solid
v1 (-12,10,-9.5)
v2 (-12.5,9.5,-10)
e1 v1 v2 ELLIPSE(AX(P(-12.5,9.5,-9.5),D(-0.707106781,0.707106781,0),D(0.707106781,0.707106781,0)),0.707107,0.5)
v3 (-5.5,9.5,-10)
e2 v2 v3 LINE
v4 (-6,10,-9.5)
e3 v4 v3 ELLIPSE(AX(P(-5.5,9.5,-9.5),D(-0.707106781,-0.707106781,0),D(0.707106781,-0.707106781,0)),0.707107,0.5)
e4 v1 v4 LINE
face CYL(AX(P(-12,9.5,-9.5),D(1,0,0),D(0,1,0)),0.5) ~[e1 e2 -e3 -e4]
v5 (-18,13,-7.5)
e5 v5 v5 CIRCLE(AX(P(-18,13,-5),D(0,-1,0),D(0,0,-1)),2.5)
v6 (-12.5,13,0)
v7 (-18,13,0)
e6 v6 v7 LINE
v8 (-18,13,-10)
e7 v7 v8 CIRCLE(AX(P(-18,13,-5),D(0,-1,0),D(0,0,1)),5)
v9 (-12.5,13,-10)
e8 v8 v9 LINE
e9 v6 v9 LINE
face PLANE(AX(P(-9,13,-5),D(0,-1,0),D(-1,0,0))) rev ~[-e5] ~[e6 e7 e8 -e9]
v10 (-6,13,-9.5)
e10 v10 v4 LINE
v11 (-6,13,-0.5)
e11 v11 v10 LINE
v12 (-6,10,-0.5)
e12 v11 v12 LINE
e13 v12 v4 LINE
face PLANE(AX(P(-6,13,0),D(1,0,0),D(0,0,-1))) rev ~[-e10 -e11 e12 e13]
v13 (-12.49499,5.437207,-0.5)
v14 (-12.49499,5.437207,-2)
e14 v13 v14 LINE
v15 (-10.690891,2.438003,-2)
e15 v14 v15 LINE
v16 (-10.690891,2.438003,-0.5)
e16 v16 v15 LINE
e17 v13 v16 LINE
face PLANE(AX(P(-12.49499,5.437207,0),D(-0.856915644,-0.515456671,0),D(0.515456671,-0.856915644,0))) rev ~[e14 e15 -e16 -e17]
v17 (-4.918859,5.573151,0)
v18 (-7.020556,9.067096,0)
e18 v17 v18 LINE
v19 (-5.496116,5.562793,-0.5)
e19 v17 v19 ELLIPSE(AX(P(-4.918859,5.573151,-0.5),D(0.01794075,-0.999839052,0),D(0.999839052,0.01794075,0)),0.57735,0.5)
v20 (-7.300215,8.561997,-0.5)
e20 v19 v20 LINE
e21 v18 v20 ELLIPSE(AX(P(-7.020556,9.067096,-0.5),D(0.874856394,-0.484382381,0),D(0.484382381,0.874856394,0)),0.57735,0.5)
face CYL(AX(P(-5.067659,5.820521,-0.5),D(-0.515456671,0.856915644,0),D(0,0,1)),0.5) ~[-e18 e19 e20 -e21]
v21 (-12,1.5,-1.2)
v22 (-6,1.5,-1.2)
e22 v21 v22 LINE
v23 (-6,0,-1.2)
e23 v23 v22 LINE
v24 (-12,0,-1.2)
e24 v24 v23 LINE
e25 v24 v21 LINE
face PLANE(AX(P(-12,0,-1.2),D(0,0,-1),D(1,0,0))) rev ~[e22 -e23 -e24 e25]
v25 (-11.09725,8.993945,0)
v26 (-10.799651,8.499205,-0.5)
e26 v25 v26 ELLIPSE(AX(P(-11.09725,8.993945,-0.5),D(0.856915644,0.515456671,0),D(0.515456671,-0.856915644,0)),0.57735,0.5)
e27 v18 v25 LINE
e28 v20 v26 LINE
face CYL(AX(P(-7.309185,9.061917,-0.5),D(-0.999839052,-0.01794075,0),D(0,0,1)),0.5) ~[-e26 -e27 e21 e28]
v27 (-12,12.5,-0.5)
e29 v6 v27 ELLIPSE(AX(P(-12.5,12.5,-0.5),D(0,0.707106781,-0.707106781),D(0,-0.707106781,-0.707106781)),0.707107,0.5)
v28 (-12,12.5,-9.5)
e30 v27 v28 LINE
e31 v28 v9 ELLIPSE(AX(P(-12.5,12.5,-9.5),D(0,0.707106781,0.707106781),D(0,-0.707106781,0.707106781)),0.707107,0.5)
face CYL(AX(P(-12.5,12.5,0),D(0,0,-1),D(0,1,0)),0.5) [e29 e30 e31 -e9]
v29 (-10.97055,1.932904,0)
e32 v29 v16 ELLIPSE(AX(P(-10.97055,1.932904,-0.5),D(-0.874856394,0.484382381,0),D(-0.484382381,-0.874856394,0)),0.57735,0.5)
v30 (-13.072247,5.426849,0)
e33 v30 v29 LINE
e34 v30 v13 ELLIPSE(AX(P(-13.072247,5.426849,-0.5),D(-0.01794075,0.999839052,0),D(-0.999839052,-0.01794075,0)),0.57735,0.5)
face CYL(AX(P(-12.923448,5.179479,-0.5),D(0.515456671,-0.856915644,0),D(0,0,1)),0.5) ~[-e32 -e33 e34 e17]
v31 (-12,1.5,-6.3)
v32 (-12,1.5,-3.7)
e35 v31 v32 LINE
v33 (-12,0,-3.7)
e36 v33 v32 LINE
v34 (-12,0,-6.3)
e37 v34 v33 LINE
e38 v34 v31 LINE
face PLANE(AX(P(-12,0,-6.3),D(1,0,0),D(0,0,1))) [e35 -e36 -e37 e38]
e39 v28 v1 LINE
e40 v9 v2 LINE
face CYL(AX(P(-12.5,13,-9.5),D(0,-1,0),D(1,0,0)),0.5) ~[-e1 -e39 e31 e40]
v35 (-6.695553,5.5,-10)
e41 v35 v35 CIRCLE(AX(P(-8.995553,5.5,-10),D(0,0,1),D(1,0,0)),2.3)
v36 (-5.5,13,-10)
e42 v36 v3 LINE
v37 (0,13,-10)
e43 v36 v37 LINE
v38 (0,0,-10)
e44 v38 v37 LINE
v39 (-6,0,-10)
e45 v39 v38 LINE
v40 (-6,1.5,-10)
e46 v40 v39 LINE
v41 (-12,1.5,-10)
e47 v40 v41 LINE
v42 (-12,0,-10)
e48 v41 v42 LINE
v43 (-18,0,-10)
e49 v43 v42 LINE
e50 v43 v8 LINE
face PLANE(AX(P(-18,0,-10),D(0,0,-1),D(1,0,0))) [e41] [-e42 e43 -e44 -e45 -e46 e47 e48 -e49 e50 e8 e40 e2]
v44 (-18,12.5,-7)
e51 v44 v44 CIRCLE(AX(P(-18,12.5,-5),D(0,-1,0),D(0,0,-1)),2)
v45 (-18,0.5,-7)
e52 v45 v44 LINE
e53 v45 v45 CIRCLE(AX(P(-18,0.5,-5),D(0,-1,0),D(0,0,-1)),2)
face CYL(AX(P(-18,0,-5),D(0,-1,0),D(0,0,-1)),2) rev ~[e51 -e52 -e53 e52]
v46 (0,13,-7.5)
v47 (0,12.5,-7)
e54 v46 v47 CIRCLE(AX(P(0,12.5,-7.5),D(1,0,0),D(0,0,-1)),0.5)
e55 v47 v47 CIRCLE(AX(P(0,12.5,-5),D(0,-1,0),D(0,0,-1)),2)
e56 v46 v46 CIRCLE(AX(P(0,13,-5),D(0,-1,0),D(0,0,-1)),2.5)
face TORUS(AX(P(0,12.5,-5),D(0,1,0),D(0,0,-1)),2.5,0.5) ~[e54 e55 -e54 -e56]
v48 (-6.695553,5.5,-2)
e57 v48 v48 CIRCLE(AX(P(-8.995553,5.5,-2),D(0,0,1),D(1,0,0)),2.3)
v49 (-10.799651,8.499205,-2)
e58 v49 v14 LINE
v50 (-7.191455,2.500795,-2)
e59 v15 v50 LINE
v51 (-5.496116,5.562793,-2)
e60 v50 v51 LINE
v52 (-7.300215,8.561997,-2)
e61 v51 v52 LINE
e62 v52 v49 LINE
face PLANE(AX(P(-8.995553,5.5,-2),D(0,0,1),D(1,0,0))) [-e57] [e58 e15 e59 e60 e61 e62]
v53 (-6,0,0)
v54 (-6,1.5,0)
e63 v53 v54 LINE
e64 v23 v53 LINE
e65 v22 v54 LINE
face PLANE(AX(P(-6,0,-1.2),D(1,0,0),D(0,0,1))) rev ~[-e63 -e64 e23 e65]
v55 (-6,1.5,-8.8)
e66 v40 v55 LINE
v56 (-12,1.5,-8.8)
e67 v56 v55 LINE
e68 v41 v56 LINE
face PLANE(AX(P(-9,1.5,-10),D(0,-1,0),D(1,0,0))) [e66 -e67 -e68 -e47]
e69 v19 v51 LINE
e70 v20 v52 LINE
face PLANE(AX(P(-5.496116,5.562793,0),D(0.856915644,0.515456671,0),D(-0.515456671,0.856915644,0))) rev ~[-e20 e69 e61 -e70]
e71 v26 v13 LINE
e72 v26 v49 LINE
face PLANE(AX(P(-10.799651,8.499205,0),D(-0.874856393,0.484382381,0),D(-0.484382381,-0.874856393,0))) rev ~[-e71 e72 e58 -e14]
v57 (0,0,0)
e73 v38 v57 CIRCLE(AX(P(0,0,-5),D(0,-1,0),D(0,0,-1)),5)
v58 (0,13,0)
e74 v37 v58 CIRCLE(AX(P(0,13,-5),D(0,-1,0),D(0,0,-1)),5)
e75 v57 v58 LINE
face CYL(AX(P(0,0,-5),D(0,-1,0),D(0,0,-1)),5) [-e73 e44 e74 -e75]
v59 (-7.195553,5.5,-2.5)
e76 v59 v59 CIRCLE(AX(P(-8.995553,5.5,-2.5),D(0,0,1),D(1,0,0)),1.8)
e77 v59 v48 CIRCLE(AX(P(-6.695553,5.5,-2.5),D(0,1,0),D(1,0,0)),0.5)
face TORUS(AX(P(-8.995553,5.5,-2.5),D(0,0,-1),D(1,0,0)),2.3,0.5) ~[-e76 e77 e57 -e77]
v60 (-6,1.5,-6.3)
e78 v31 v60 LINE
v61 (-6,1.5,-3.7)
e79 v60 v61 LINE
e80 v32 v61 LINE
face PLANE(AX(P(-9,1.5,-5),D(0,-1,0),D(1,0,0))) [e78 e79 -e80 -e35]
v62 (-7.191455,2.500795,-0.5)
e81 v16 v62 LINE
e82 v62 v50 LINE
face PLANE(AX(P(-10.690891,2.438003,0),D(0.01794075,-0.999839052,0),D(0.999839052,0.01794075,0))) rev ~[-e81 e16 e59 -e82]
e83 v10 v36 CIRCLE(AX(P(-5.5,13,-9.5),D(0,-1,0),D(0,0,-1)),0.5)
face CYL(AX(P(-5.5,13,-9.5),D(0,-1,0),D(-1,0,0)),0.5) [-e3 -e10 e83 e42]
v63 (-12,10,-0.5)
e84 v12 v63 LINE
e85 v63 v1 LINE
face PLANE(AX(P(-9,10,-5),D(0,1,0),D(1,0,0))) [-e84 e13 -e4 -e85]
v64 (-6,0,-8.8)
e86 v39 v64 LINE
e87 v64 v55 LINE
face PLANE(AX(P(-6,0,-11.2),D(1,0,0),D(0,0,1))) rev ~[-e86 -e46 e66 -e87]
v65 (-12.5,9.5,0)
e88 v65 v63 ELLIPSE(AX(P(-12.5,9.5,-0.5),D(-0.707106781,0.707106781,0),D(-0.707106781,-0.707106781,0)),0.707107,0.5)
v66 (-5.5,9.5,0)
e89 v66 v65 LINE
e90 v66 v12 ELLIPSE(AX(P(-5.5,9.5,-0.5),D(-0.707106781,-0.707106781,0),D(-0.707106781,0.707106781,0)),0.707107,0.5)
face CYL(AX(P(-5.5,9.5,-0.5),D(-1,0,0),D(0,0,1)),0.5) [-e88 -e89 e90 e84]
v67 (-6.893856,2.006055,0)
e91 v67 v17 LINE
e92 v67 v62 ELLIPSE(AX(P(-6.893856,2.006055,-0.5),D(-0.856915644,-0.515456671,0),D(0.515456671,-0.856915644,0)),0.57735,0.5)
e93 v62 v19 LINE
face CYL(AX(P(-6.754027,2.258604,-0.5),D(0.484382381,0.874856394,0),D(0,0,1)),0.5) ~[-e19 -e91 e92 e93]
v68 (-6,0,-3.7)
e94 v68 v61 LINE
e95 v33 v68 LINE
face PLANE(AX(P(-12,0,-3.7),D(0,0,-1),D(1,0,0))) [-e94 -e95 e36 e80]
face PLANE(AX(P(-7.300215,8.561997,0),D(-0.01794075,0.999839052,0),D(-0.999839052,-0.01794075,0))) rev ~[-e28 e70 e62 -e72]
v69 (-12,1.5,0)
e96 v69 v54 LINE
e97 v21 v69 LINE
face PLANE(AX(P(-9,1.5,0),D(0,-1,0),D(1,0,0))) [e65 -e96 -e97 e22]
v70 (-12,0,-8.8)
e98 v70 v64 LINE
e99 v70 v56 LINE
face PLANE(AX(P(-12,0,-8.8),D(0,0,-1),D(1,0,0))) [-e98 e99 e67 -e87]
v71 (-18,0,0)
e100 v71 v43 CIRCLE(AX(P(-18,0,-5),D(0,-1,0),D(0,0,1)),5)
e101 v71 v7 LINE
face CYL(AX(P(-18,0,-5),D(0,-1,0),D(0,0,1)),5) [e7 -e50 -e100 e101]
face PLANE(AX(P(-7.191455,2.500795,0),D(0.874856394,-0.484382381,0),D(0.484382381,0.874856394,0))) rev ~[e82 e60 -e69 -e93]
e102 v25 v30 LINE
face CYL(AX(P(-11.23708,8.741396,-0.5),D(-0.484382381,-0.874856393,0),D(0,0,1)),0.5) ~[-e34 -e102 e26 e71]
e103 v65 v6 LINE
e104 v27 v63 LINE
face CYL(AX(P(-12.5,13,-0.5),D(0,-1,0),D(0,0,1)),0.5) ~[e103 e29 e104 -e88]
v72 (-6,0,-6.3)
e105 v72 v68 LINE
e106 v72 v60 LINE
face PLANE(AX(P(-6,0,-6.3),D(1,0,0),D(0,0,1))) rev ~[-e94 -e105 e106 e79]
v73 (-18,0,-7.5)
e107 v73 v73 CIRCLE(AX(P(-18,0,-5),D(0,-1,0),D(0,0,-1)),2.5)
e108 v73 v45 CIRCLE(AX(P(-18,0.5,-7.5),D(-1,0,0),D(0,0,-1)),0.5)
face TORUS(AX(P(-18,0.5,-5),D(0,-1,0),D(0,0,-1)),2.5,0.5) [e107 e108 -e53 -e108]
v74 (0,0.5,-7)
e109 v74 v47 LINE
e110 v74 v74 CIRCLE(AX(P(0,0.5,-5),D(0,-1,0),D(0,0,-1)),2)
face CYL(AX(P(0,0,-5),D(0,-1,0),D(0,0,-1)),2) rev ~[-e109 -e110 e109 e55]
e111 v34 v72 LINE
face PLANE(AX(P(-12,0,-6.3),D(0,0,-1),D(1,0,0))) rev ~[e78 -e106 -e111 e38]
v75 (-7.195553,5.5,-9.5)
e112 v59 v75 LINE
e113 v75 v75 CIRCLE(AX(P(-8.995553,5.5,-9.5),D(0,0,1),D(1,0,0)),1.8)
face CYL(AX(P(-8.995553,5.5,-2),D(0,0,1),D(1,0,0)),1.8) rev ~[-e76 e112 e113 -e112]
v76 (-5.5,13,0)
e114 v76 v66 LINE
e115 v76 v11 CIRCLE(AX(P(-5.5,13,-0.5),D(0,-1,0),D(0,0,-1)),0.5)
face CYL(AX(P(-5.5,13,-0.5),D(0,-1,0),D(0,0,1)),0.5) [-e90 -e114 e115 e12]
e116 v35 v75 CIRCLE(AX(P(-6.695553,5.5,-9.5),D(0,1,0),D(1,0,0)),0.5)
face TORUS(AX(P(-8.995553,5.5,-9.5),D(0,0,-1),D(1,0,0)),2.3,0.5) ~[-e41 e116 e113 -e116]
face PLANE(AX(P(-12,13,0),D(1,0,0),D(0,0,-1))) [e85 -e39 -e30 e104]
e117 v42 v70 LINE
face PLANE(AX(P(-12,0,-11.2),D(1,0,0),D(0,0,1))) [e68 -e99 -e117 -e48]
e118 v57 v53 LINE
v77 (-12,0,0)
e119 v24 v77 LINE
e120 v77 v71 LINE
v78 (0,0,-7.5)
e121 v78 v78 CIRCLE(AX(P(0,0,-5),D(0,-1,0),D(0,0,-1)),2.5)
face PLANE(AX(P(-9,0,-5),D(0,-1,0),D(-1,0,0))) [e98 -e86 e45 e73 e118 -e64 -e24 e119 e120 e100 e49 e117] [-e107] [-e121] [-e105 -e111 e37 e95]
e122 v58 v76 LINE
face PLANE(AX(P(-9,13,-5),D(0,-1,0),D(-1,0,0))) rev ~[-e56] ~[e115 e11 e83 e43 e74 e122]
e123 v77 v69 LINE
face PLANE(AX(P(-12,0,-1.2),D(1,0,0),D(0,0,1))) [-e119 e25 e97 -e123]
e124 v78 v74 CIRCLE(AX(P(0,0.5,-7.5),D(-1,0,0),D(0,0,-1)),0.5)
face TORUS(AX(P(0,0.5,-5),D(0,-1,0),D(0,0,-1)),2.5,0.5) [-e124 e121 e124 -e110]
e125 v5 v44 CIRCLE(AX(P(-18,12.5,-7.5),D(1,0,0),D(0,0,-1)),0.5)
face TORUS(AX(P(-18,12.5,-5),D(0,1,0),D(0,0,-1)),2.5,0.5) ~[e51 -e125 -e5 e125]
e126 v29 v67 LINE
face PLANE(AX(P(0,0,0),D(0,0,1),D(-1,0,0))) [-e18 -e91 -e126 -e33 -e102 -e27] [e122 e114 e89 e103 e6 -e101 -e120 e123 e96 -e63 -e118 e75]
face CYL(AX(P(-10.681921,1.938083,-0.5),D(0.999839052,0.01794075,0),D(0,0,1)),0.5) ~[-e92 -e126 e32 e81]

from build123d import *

# Parameters (mm, degrees)
BOSS_EXTRUDE2_DEPTH = 13
SCREW_HOLES_R       = 2
CUT_EXTRUDE1_DEPTH  = 13
FILLET1_R           = 0.5
BELT_OPENING_W      = 6
BELT_OPENING_H      = 10
CUT_EXTRUDE2_DEPTH  = 3
CUT_EXTRUDE3_DEPTH  = 2
STRETCHER_HOLE_R    = 1.8
CUT_EXTRUDE4_DEPTH  = 8
FILLET2_R           = 0.5
FILLET3_R           = 0.5
FILLET8_R           = 0.5
FILLET9_R           = 0.5
SKETCH1_W           = 6
SKETCH1_H           = 2.4
SKETCH1_H_2         = 2.6
CUT_EXTRUDE5_DEPTH  = 1.5


with BuildPart() as part:
    # Belt Clamp → Boss-Extrude2 (new body)
    with BuildSketch(Plane(origin=(0, 0, 0), x_dir=(1, 0, 0), z_dir=(0, 1, 0))):
        with BuildLine():
            Line((-18, 10), (0, 10))
            ThreePointArc((0, 10), (5, 5), (0, 0))
            Line((0, 0), (-18, 0))
            ThreePointArc((-18, 0), (-23, 5), (-18, 10))
        make_face()
    extrude(amount=BOSS_EXTRUDE2_DEPTH)

    # Screw Holes → Cut-Extrude1 (cut)
    with BuildSketch(Plane.XZ):
        with Locations(Location((0, -5, 0), (0, 0, 270))):
            Circle(SCREW_HOLES_R)
        with Locations(Location((-18, -5, 0), (0, 0, 270))):
            Circle(SCREW_HOLES_R)
    extrude(amount=-CUT_EXTRUDE1_DEPTH, mode=Mode.SUBTRACT)

    # Fillet1
    fillet1_edges = [part.edges().sort_by_distance(p)[0] for p in [
        (0, 0, -3),
        (0, 13, -3),
        (-18, 0, -3),
        (-18, 13, -3),
    ]]
    fillet(fillet1_edges, radius=FILLET1_R)

    # Belt Opening → Cut-Extrude2 (cut)
    with BuildSketch(Plane(origin=(0, 13, 0), x_dir=(1, 0, 0), z_dir=(0, 1, 0))):
        with Locations((-9, 5)):
            Rectangle(BELT_OPENING_W, BELT_OPENING_H)
    extrude(amount=-CUT_EXTRUDE2_DEPTH, mode=Mode.SUBTRACT)

    # Hex Nut → Cut-Extrude3 (cut)
    with BuildSketch(Plane.XY):
        Polygon((-12.494989746, 5.437207375), (-10.690891397, 2.438002623), (-7.191454715, 2.500795248), (-5.496116383, 5.562792625), (-7.300214732, 8.561997377), (-10.799651413, 8.499204752), align=None)
    extrude(amount=-CUT_EXTRUDE3_DEPTH, mode=Mode.SUBTRACT)

    # Stretcher Hole → Cut-Extrude4 (cut)
    with BuildSketch(Plane.XY.offset(-2)):
        with Locations((-8.995553064, 5.5)):
            Circle(STRETCHER_HOLE_R)
    extrude(amount=-CUT_EXTRUDE4_DEPTH, mode=Mode.SUBTRACT)

    # Fillet2
    fillet2_edges = [part.edges().sort_by_distance(p)[0] for p in [
        (-10.795553064, 5.5, -2),
        (-10.795553064, 5.5, -10),
    ]]
    fillet(fillet2_edges, radius=FILLET2_R)

    # Fillet3
    fillet3_edges = [part.edges().sort_by_distance(p)[0] for p in [
        (-11.64732058, 6.968206064, 0),
        (-11.592940571, 3.937604999, 0),
        (-8.941173056, 2.469398935, 0),
        (-6.343785549, 4.031793936, 0),
        (-6.398165558, 7.062395001, 0),
        (-9.049933073, 8.530601065, 0),
    ]]
    fillet(fillet3_edges, radius=FILLET3_R)

    # Fillet8
    fillet8_edges = [part.edges().sort_by_distance(p)[0] for p in [
        (-12, 11.5, 0),
        (-9, 10, -10),
        (-12, 11.5, -10),
        (-6, 11.5, -10),
        (-6, 11.5, 0),
        (-12, 13, -5),
    ]]
    fillet(fillet8_edges, radius=FILLET8_R)

    # Fillet9
    fillet9_edges = [part.edges().sort_by_distance(p)[0] for p in [
        (-9, 10, 0),
    ]]
    fillet(fillet9_edges, radius=FILLET9_R)

    # Sketch1 → Cut-Extrude5 (cut)
    with BuildSketch(Plane.XZ):
        with Locations((-9, 0)):
            Rectangle(SKETCH1_W, SKETCH1_H)
        with Locations((-9, -5)):
            Rectangle(SKETCH1_W, SKETCH1_H_2)
        with Locations((-9, -10)):
            Rectangle(SKETCH1_W, SKETCH1_H)
    extrude(amount=-CUT_EXTRUDE5_DEPTH, mode=Mode.SUBTRACT)


solid = part.part
